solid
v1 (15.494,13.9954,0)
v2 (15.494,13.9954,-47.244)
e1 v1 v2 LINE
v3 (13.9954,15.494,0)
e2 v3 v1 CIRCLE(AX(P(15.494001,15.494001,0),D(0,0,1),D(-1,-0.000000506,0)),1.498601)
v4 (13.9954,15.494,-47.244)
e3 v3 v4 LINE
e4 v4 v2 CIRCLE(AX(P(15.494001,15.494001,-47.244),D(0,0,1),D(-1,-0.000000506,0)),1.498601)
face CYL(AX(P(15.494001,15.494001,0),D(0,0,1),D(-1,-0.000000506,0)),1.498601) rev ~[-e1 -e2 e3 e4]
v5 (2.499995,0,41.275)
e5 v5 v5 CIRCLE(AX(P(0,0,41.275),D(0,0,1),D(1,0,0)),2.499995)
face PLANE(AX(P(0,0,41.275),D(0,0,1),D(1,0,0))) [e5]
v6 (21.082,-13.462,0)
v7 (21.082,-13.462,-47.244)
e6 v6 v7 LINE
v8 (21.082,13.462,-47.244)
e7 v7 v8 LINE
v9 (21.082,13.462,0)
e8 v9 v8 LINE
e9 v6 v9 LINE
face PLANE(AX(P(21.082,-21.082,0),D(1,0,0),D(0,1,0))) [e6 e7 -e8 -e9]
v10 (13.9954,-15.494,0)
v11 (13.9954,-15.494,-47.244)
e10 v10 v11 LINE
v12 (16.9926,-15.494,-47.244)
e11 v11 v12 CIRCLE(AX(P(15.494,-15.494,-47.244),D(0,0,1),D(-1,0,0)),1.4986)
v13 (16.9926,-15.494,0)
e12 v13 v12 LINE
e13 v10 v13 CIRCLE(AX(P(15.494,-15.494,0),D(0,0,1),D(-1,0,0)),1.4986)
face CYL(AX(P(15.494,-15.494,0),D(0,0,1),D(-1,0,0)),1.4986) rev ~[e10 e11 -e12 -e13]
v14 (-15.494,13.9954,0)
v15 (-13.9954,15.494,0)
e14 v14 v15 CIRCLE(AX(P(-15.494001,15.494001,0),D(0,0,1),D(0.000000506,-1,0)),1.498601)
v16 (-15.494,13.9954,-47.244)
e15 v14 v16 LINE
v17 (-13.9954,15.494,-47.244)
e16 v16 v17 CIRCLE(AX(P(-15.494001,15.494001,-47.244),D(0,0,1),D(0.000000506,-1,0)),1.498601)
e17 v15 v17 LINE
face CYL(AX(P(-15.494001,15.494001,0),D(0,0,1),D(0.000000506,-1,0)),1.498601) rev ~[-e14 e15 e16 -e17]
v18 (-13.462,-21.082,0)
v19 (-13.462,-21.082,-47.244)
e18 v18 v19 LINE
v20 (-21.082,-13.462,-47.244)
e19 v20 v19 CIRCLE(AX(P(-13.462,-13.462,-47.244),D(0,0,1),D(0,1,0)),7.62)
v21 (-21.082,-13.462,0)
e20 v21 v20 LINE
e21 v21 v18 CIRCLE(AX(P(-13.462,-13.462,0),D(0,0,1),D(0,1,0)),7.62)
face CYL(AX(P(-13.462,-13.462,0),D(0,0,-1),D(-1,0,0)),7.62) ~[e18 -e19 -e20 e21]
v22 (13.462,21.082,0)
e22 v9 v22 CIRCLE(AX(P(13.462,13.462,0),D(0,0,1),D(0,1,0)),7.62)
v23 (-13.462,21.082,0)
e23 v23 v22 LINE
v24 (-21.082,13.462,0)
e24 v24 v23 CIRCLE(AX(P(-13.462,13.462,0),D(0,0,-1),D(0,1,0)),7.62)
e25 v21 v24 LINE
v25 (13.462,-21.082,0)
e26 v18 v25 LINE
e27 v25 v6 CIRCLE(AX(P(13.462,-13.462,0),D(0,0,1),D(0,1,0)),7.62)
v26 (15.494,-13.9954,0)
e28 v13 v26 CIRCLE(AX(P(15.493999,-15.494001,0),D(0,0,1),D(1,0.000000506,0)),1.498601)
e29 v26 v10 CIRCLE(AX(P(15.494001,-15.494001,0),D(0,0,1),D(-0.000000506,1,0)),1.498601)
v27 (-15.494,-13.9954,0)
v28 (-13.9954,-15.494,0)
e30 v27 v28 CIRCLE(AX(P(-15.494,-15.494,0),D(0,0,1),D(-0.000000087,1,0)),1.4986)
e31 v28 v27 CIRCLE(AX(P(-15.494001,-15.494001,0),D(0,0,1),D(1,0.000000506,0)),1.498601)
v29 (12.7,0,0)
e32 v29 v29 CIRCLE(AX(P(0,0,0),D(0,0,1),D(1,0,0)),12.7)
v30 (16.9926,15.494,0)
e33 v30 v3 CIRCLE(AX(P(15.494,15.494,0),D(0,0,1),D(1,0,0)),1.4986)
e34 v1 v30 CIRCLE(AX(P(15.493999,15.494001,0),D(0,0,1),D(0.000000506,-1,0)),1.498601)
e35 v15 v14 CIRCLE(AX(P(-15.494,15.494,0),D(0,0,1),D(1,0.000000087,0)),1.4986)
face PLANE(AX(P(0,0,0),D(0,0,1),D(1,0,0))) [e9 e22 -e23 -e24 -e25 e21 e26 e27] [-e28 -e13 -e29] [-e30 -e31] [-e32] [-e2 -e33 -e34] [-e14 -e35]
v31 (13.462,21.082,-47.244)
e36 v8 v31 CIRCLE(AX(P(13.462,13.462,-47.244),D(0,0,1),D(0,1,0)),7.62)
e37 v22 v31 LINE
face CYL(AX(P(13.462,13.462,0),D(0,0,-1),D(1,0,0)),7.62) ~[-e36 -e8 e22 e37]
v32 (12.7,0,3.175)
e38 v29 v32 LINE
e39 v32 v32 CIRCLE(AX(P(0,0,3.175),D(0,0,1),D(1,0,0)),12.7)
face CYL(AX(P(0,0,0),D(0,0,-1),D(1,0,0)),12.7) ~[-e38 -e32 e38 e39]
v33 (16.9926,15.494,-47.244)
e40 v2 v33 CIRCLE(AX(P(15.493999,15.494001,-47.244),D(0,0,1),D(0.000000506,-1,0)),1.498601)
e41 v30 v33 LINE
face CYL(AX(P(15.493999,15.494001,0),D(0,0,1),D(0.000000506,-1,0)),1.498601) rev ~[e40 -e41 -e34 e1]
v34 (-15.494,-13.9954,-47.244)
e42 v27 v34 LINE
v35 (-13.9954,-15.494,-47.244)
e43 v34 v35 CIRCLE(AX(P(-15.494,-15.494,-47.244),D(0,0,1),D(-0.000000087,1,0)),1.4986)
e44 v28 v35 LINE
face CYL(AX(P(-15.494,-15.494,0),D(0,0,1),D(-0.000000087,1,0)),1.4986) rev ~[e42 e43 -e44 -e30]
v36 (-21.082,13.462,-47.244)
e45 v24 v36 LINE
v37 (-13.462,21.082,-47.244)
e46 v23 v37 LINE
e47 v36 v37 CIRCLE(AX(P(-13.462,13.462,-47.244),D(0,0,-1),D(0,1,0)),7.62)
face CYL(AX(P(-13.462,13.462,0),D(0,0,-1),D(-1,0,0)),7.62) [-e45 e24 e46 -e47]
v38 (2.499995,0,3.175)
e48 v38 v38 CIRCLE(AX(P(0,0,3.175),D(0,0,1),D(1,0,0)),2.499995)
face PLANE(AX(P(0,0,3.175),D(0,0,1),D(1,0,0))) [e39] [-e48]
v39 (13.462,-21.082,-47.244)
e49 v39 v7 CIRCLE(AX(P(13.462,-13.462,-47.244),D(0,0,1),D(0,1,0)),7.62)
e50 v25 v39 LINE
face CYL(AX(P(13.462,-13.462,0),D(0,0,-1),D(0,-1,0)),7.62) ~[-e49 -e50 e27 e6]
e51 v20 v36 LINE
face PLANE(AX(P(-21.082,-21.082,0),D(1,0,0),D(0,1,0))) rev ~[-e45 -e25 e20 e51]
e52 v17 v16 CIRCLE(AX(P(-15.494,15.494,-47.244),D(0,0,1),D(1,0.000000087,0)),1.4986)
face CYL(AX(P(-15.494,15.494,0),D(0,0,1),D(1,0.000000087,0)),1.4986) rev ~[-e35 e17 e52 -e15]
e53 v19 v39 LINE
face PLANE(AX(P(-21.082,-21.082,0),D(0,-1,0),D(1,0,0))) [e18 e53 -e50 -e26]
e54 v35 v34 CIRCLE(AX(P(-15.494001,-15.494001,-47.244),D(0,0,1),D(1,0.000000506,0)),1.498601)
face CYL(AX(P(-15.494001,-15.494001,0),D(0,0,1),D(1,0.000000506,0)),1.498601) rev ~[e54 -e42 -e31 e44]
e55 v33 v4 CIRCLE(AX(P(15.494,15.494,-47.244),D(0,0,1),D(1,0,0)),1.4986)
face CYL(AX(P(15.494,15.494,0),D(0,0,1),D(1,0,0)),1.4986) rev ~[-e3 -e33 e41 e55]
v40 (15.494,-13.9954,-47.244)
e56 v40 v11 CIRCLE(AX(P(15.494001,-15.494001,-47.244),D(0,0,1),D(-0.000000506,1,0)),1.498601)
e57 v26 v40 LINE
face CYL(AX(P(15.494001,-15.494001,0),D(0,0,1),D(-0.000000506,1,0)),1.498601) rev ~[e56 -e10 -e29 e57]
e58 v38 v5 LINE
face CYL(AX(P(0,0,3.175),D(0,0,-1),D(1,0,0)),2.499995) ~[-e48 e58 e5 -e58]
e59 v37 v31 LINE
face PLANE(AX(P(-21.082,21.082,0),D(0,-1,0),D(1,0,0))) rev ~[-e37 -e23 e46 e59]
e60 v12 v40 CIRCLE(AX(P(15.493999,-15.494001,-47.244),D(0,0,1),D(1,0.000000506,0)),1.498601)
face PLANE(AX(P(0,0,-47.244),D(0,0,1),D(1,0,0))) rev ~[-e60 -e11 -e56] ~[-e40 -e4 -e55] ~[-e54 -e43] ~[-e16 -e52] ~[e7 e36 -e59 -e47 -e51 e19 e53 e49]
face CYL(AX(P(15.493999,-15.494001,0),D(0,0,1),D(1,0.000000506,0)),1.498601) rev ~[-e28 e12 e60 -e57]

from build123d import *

# Parameters (mm, degrees)
F0_W     = 42.164
F0_H     = 42.164
F1_DEPTH = 47.244
F2_R     = 7.62
F3_R     = 12.7
F4_DEPTH = 3.175
F5_R     = 2.499995
F6_DEPTH = 38.1
F8_DEPTH = 47.245


with BuildPart() as f1:
    # F0 (on Top) → F1 (new body)
    with BuildSketch(Plane.XY):
        Rectangle(F0_W, F0_H)
    extrude(amount=-F1_DEPTH)

    # F2
    f2_edges = [f1.edges().sort_by_distance(p)[0] for p in [
        (21.082, -21.082, -23.622),
        (21.082, 21.082, -23.622),
        (-21.082, 21.082, -23.622),
        (-21.082, -21.082, -23.622),
    ]]
    fillet(f2_edges, radius=F2_R)

    # F3 (on face) → F4 (join)
    with BuildSketch(Plane.XY):
        Circle(F3_R)
    extrude(amount=F4_DEPTH)

    # F5 (on face) → F6 (join)
    with BuildSketch(Plane.XY.offset(3.175)):
        Circle(F5_R)
    extrude(amount=F6_DEPTH)

    # F7 (on face) → F8 (cut, through all)
    with BuildSketch(Plane.XY):
        with BuildLine():
            Line((-15.494, 15.494), (-13.9954, 15.494))
            ThreePointArc((-13.9954, 15.494), (-16.55367, 16.55367), (-15.494, 13.9954))
            Line((-15.494, 13.9954), (-15.494, 15.494))
        make_face()
        with BuildLine():
            ThreePointArc((-15.494, 13.9954), (-14.43433, 14.43433), (-13.9954, 15.494))
            Line((-13.9954, 15.494), (-15.494, 15.494))
            Line((-15.494, 15.494), (-15.494, 13.9954))
        make_face()
        with BuildLine():
            Line((15.494, 15.494), (13.9954, 15.494))
            ThreePointArc((13.9954, 15.494), (14.43433, 14.43433), (15.494, 13.9954))
            Line((15.494, 13.9954), (15.494, 15.494))
        make_face()
        with BuildLine():
            ThreePointArc((16.9926, 15.494), (15.494, 16.9926), (13.9954, 15.494))
            Line((13.9954, 15.494), (15.494, 15.494))
            Line((15.494, 15.494), (15.494, 13.9954))
            ThreePointArc((15.494, 13.9954), (16.55367, 14.43433), (16.9926, 15.494))
        make_face()
        with BuildLine():
            ThreePointArc((16.9926, -15.494), (16.55367, -14.43433), (15.494, -13.9954))
            Line((15.494, -13.9954), (15.494, -15.494))
            Line((15.494, -15.494), (13.9954, -15.494))
            ThreePointArc((13.9954, -15.494), (15.494, -16.9926), (16.9926, -15.494))
        make_face()
        with BuildLine():
            Line((15.494, -15.494), (15.494, -13.9954))
            ThreePointArc((15.494, -13.9954), (14.43433, -14.43433), (13.9954, -15.494))
            Line((13.9954, -15.494), (15.494, -15.494))
        make_face()
        with BuildLine():
            Line((-15.494, -15.494), (-15.494, -13.9954))
            ThreePointArc((-15.494, -13.9954), (-16.55367, -16.55367), (-13.9954, -15.494))
            Line((-13.9954, -15.494), (-15.494, -15.494))
        make_face()
        with BuildLine():
            ThreePointArc((-13.9954, -15.494), (-14.43433, -14.43433), (-15.494, -13.9954))
            Line((-15.494, -13.9954), (-15.494, -15.494))
            Line((-15.494, -15.494), (-13.9954, -15.494))
        make_face()
    extrude(amount=-F8_DEPTH, mode=Mode.SUBTRACT)


solid = f1.part
